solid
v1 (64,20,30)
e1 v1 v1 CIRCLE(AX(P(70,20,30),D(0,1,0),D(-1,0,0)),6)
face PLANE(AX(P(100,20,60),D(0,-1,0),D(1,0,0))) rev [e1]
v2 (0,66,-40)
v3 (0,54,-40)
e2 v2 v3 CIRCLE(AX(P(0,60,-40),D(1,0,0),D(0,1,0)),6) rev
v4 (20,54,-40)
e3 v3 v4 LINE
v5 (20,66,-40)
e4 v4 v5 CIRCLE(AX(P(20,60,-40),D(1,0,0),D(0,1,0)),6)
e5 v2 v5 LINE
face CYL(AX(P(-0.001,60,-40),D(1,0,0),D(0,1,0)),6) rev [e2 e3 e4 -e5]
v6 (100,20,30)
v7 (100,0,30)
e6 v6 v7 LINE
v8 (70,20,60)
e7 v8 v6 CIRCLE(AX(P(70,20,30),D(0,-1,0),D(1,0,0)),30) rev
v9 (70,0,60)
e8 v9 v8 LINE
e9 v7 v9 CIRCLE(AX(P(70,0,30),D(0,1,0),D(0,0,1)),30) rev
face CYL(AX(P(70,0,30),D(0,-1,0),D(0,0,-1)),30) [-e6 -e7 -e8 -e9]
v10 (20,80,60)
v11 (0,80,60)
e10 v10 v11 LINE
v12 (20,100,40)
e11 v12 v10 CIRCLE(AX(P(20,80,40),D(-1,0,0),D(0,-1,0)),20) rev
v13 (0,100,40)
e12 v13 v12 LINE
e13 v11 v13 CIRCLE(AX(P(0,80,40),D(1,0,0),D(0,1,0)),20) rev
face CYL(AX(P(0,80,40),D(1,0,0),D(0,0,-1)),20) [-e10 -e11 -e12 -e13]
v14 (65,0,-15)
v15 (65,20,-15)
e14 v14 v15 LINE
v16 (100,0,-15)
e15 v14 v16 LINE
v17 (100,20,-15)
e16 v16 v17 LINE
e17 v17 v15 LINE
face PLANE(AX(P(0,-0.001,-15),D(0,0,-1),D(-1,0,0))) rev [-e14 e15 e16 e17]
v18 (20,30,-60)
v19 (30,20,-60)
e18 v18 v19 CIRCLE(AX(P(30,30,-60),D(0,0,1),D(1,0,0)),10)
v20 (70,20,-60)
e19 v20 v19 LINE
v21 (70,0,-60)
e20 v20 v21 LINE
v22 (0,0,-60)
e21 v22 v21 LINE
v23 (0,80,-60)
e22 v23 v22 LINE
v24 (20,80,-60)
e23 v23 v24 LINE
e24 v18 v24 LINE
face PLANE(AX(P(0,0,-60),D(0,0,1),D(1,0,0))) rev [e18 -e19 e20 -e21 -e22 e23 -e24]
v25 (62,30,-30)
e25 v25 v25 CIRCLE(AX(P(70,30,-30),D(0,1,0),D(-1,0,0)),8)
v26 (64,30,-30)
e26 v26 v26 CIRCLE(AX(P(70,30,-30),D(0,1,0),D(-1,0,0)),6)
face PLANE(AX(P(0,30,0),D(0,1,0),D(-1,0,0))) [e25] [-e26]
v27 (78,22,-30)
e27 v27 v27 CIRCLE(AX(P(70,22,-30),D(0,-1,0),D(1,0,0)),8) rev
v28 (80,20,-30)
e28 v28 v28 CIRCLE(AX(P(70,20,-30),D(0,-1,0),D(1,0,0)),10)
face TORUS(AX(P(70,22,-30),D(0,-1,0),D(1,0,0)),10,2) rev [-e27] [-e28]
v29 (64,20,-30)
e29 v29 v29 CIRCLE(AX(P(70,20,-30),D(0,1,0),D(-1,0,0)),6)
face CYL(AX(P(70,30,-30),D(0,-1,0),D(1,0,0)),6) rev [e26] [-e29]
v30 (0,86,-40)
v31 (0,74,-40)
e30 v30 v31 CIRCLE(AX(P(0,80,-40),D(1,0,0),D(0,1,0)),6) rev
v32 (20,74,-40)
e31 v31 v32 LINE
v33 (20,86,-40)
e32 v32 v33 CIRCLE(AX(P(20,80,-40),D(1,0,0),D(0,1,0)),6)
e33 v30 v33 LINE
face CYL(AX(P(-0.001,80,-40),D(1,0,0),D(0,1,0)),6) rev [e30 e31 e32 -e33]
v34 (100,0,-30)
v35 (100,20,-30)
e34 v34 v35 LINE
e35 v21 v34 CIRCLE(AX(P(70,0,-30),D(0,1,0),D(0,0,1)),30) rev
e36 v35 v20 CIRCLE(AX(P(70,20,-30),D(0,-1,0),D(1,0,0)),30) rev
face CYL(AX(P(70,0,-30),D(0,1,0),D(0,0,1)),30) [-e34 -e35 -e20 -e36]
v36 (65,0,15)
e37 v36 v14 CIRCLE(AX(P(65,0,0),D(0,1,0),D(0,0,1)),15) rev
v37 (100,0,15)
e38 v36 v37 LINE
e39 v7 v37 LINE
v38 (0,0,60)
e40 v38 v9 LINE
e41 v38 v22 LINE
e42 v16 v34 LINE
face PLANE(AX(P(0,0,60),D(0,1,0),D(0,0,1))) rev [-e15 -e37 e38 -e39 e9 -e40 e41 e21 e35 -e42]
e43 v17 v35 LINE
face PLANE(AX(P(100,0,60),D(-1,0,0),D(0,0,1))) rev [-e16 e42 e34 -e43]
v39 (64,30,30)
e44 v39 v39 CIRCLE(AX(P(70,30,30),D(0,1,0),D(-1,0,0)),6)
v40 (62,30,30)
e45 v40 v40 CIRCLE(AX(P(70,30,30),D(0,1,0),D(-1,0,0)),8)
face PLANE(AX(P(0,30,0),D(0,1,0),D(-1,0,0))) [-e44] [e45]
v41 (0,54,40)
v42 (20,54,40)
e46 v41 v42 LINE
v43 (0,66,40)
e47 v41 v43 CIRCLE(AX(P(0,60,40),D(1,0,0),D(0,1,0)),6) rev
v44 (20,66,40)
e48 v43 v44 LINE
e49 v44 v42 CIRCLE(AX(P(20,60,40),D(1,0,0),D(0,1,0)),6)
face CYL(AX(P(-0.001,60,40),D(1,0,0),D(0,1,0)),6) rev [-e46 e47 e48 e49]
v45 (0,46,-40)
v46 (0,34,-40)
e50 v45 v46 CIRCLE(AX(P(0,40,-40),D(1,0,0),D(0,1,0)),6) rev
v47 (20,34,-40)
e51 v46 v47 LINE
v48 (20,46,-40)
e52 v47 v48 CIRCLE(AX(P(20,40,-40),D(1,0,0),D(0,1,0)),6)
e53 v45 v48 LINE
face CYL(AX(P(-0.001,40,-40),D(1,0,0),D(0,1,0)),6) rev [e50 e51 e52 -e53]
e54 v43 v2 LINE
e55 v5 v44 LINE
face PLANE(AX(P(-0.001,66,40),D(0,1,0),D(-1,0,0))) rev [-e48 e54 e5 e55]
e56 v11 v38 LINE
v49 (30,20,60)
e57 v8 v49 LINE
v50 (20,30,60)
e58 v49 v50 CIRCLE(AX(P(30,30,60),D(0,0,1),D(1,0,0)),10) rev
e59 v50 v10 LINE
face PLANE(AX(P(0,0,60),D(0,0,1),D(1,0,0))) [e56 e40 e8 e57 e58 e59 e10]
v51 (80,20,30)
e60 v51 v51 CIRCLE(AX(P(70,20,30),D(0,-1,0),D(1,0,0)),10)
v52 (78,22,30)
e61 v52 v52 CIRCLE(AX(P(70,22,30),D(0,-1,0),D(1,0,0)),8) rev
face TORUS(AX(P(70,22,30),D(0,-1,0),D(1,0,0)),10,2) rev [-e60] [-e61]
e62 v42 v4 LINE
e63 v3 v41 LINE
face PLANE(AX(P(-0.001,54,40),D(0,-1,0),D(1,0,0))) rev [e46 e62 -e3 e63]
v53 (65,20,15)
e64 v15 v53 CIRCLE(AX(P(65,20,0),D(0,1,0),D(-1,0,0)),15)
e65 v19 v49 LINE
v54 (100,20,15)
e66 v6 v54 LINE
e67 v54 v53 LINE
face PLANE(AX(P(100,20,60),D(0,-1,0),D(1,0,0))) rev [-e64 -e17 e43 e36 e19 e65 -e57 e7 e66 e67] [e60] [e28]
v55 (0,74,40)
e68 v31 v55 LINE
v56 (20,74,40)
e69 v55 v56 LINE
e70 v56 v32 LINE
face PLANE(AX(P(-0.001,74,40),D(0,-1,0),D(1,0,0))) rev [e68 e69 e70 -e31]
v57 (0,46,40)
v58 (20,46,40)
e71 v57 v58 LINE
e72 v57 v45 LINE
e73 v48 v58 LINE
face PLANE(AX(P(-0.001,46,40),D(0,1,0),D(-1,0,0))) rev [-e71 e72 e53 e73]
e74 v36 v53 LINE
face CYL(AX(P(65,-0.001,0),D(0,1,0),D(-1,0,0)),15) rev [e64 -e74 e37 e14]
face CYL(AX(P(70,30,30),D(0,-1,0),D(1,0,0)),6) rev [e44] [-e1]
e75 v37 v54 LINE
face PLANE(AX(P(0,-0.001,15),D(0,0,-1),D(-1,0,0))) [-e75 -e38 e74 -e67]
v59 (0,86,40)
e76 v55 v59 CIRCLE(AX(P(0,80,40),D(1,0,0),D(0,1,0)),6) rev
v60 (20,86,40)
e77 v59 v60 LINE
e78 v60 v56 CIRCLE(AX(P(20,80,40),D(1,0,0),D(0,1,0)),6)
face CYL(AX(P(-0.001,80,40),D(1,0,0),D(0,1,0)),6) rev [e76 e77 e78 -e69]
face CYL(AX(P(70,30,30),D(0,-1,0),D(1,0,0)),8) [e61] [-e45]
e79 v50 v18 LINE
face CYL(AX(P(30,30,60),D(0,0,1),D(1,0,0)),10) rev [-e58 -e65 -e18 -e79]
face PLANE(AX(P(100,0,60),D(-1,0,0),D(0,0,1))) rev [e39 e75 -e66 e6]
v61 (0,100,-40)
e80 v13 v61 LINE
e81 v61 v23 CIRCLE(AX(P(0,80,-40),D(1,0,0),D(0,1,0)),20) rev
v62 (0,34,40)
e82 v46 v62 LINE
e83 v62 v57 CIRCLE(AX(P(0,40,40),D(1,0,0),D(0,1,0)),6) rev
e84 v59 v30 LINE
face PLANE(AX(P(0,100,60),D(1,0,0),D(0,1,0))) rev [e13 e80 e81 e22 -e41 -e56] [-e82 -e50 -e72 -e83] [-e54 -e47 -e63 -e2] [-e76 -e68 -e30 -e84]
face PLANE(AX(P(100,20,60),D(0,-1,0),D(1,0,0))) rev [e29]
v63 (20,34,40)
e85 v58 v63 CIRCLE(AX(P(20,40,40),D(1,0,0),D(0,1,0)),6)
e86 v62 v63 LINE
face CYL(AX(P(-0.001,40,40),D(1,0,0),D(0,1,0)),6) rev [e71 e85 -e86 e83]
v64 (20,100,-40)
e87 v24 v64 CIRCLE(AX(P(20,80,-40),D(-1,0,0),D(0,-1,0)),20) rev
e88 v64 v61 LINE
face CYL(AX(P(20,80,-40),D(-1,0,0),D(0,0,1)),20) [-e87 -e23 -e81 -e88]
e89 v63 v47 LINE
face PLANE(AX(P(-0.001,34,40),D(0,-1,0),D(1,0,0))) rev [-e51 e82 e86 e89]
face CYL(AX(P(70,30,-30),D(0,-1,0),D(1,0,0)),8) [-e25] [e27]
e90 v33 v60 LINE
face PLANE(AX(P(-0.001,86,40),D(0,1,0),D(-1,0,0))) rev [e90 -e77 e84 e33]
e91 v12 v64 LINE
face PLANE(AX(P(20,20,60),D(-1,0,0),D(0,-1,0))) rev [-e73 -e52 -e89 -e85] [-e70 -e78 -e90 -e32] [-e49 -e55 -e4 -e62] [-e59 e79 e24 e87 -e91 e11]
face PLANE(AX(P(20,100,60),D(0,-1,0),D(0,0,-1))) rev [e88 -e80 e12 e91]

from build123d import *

# Parameters (mm, degrees)
BOSS_EXTRUDE1_DEPTH = 60
FILLET1_R           = 20
FILLET2_R           = 30
FILLET3_R           = 10
CUT_EXTRUDE1_REACH  = 143.421
CUT_EXTRUDE2_REACH  = 143.421
SKETCH3_3_R         = 8
SKETCH3_3_R_2       = 6
BOSS_EXTRUDE2_DEPTH = 10
FILLET4_R           = 2


with BuildPart() as part:
    # Sketch1 → Boss-Extrude1 (new, symmetric)
    with BuildSketch(Plane.XY):
        Polygon((0, 0), (100, 0), (100, 20), (20, 20), (20, 100), (0, 100), align=None)
    extrude(amount=BOSS_EXTRUDE1_DEPTH, both=True)

    # Fillet1
    fillet1_edges = [part.edges().sort_by_distance(p)[0] for p in [
        (10, 100, -60),
        (10, 100, 60),
    ]]
    fillet(fillet1_edges, radius=FILLET1_R)

    # Fillet2
    fillet2_edges = [part.edges().sort_by_distance(p)[0] for p in [
        (100, 10, -60),
        (100, 10, 60),
    ]]
    fillet(fillet2_edges, radius=FILLET2_R)

    # Fillet3
    fillet3_edges = [part.edges().sort_by_distance(p)[0] for p in [
        (20, 20, 0),
    ]]
    fillet(fillet3_edges, radius=FILLET3_R)

    # Sketch2 → Cut-Extrude1 (cut, up to next)
    with BuildSketch(Plane(origin=(20, 0, 0), x_dir=(0, 0, -1), z_dir=(1, 0, 0)), mode=Mode.PRIVATE) as cut_extrude1_sk1:
        with BuildLine():
            Line((-40, 86), (40, 86))
            ThreePointArc((40, 86), (46, 80), (40, 74))
            Line((40, 74), (-40, 74))
            ThreePointArc((-40, 74), (-46, 80), (-40, 86))
        make_face()
    cut_extrude1_tool1 = extrude(cut_extrude1_sk1.sketch, amount=-CUT_EXTRUDE1_REACH, mode=Mode.PRIVATE) & part.part
    # Sketch2 → Cut-Extrude1 (cut, up to next)
    with BuildSketch(Plane(origin=(20, 0, 0), x_dir=(0, 0, -1), z_dir=(1, 0, 0)), mode=Mode.PRIVATE) as cut_extrude1_sk2:
        with BuildLine():
            Line((-40, 66), (40, 66))
            ThreePointArc((40, 66), (46, 60), (40, 54))
            Line((40, 54), (-40, 54))
            ThreePointArc((-40, 54), (-46, 60), (-40, 66))
        make_face()
    cut_extrude1_tool2 = extrude(cut_extrude1_sk2.sketch, amount=-CUT_EXTRUDE1_REACH, mode=Mode.PRIVATE) & part.part
    # Sketch2 → Cut-Extrude1 (cut, up to next)
    with BuildSketch(Plane(origin=(20, 0, 0), x_dir=(0, 0, -1), z_dir=(1, 0, 0)), mode=Mode.PRIVATE) as cut_extrude1_sk3:
        with BuildLine():
            Line((-40, 46), (40, 46))
            ThreePointArc((40, 46), (46, 40), (40, 34))
            Line((40, 34), (-40, 34))
            ThreePointArc((-40, 34), (-46, 40), (-40, 46))
        make_face()
    cut_extrude1_tool3 = extrude(cut_extrude1_sk3.sketch, amount=-CUT_EXTRUDE1_REACH, mode=Mode.PRIVATE) & part.part
    add(cut_extrude1_tool1.solids().sort_by_distance((20, 80, 0))[0], mode=Mode.SUBTRACT)
    add(cut_extrude1_tool2.solids().sort_by_distance((20, 60, 0))[0], mode=Mode.SUBTRACT)
    add(cut_extrude1_tool3.solids().sort_by_distance((20, 40, 0))[0], mode=Mode.SUBTRACT)

    # Sketch3 → Cut-Extrude2 (cut, up to next)
    with BuildSketch(Plane(origin=(0, 20, 0), x_dir=(1, 0, 0), z_dir=(0, 1, 0)), mode=Mode.PRIVATE) as cut_extrude2_sk1:
        with BuildLine():
            Line((65, -15), (100, -15))
            Line((100, -15), (100, 15))
            Line((100, 15), (65, 15))
            ThreePointArc((65, 15), (50, 0), (65, -15))
        make_face()
    cut_extrude2_tool1 = extrude(cut_extrude2_sk1.sketch, amount=-CUT_EXTRUDE2_REACH, mode=Mode.PRIVATE) & part.part
    add(cut_extrude2_tool1.solids().sort_by_distance((76.489714, 20, 0))[0], mode=Mode.SUBTRACT)

    # Sketch3<3> → Boss-Extrude2 (add)
    # profile 1 of 2: a face of its own
    with BuildSketch(Plane(origin=(0, 20, 0), x_dir=(1, 0, 0), z_dir=(0, 1, 0))):
        with Locations((70, 30)):
            Circle(SKETCH3_3_R)
        with Locations((70, 30)):
            Circle(SKETCH3_3_R_2, mode=Mode.SUBTRACT)
    # profile 2 of 2: a face of its own
    with BuildSketch(Plane(origin=(0, 20, 0), x_dir=(1, 0, 0), z_dir=(0, 1, 0))):
        with Locations((70, -30)):
            Circle(SKETCH3_3_R)
        with Locations((70, -30)):
            Circle(SKETCH3_3_R_2, mode=Mode.SUBTRACT)
    extrude(amount=BOSS_EXTRUDE2_DEPTH)

    # Fillet4
    fillet4_edges = [part.edges().sort_by_distance(p)[0] for p in [
        (62, 20, 30),
        (62, 20, -30),
    ]]
    fillet(fillet4_edges, radius=FILLET4_R)


solid = part.part
